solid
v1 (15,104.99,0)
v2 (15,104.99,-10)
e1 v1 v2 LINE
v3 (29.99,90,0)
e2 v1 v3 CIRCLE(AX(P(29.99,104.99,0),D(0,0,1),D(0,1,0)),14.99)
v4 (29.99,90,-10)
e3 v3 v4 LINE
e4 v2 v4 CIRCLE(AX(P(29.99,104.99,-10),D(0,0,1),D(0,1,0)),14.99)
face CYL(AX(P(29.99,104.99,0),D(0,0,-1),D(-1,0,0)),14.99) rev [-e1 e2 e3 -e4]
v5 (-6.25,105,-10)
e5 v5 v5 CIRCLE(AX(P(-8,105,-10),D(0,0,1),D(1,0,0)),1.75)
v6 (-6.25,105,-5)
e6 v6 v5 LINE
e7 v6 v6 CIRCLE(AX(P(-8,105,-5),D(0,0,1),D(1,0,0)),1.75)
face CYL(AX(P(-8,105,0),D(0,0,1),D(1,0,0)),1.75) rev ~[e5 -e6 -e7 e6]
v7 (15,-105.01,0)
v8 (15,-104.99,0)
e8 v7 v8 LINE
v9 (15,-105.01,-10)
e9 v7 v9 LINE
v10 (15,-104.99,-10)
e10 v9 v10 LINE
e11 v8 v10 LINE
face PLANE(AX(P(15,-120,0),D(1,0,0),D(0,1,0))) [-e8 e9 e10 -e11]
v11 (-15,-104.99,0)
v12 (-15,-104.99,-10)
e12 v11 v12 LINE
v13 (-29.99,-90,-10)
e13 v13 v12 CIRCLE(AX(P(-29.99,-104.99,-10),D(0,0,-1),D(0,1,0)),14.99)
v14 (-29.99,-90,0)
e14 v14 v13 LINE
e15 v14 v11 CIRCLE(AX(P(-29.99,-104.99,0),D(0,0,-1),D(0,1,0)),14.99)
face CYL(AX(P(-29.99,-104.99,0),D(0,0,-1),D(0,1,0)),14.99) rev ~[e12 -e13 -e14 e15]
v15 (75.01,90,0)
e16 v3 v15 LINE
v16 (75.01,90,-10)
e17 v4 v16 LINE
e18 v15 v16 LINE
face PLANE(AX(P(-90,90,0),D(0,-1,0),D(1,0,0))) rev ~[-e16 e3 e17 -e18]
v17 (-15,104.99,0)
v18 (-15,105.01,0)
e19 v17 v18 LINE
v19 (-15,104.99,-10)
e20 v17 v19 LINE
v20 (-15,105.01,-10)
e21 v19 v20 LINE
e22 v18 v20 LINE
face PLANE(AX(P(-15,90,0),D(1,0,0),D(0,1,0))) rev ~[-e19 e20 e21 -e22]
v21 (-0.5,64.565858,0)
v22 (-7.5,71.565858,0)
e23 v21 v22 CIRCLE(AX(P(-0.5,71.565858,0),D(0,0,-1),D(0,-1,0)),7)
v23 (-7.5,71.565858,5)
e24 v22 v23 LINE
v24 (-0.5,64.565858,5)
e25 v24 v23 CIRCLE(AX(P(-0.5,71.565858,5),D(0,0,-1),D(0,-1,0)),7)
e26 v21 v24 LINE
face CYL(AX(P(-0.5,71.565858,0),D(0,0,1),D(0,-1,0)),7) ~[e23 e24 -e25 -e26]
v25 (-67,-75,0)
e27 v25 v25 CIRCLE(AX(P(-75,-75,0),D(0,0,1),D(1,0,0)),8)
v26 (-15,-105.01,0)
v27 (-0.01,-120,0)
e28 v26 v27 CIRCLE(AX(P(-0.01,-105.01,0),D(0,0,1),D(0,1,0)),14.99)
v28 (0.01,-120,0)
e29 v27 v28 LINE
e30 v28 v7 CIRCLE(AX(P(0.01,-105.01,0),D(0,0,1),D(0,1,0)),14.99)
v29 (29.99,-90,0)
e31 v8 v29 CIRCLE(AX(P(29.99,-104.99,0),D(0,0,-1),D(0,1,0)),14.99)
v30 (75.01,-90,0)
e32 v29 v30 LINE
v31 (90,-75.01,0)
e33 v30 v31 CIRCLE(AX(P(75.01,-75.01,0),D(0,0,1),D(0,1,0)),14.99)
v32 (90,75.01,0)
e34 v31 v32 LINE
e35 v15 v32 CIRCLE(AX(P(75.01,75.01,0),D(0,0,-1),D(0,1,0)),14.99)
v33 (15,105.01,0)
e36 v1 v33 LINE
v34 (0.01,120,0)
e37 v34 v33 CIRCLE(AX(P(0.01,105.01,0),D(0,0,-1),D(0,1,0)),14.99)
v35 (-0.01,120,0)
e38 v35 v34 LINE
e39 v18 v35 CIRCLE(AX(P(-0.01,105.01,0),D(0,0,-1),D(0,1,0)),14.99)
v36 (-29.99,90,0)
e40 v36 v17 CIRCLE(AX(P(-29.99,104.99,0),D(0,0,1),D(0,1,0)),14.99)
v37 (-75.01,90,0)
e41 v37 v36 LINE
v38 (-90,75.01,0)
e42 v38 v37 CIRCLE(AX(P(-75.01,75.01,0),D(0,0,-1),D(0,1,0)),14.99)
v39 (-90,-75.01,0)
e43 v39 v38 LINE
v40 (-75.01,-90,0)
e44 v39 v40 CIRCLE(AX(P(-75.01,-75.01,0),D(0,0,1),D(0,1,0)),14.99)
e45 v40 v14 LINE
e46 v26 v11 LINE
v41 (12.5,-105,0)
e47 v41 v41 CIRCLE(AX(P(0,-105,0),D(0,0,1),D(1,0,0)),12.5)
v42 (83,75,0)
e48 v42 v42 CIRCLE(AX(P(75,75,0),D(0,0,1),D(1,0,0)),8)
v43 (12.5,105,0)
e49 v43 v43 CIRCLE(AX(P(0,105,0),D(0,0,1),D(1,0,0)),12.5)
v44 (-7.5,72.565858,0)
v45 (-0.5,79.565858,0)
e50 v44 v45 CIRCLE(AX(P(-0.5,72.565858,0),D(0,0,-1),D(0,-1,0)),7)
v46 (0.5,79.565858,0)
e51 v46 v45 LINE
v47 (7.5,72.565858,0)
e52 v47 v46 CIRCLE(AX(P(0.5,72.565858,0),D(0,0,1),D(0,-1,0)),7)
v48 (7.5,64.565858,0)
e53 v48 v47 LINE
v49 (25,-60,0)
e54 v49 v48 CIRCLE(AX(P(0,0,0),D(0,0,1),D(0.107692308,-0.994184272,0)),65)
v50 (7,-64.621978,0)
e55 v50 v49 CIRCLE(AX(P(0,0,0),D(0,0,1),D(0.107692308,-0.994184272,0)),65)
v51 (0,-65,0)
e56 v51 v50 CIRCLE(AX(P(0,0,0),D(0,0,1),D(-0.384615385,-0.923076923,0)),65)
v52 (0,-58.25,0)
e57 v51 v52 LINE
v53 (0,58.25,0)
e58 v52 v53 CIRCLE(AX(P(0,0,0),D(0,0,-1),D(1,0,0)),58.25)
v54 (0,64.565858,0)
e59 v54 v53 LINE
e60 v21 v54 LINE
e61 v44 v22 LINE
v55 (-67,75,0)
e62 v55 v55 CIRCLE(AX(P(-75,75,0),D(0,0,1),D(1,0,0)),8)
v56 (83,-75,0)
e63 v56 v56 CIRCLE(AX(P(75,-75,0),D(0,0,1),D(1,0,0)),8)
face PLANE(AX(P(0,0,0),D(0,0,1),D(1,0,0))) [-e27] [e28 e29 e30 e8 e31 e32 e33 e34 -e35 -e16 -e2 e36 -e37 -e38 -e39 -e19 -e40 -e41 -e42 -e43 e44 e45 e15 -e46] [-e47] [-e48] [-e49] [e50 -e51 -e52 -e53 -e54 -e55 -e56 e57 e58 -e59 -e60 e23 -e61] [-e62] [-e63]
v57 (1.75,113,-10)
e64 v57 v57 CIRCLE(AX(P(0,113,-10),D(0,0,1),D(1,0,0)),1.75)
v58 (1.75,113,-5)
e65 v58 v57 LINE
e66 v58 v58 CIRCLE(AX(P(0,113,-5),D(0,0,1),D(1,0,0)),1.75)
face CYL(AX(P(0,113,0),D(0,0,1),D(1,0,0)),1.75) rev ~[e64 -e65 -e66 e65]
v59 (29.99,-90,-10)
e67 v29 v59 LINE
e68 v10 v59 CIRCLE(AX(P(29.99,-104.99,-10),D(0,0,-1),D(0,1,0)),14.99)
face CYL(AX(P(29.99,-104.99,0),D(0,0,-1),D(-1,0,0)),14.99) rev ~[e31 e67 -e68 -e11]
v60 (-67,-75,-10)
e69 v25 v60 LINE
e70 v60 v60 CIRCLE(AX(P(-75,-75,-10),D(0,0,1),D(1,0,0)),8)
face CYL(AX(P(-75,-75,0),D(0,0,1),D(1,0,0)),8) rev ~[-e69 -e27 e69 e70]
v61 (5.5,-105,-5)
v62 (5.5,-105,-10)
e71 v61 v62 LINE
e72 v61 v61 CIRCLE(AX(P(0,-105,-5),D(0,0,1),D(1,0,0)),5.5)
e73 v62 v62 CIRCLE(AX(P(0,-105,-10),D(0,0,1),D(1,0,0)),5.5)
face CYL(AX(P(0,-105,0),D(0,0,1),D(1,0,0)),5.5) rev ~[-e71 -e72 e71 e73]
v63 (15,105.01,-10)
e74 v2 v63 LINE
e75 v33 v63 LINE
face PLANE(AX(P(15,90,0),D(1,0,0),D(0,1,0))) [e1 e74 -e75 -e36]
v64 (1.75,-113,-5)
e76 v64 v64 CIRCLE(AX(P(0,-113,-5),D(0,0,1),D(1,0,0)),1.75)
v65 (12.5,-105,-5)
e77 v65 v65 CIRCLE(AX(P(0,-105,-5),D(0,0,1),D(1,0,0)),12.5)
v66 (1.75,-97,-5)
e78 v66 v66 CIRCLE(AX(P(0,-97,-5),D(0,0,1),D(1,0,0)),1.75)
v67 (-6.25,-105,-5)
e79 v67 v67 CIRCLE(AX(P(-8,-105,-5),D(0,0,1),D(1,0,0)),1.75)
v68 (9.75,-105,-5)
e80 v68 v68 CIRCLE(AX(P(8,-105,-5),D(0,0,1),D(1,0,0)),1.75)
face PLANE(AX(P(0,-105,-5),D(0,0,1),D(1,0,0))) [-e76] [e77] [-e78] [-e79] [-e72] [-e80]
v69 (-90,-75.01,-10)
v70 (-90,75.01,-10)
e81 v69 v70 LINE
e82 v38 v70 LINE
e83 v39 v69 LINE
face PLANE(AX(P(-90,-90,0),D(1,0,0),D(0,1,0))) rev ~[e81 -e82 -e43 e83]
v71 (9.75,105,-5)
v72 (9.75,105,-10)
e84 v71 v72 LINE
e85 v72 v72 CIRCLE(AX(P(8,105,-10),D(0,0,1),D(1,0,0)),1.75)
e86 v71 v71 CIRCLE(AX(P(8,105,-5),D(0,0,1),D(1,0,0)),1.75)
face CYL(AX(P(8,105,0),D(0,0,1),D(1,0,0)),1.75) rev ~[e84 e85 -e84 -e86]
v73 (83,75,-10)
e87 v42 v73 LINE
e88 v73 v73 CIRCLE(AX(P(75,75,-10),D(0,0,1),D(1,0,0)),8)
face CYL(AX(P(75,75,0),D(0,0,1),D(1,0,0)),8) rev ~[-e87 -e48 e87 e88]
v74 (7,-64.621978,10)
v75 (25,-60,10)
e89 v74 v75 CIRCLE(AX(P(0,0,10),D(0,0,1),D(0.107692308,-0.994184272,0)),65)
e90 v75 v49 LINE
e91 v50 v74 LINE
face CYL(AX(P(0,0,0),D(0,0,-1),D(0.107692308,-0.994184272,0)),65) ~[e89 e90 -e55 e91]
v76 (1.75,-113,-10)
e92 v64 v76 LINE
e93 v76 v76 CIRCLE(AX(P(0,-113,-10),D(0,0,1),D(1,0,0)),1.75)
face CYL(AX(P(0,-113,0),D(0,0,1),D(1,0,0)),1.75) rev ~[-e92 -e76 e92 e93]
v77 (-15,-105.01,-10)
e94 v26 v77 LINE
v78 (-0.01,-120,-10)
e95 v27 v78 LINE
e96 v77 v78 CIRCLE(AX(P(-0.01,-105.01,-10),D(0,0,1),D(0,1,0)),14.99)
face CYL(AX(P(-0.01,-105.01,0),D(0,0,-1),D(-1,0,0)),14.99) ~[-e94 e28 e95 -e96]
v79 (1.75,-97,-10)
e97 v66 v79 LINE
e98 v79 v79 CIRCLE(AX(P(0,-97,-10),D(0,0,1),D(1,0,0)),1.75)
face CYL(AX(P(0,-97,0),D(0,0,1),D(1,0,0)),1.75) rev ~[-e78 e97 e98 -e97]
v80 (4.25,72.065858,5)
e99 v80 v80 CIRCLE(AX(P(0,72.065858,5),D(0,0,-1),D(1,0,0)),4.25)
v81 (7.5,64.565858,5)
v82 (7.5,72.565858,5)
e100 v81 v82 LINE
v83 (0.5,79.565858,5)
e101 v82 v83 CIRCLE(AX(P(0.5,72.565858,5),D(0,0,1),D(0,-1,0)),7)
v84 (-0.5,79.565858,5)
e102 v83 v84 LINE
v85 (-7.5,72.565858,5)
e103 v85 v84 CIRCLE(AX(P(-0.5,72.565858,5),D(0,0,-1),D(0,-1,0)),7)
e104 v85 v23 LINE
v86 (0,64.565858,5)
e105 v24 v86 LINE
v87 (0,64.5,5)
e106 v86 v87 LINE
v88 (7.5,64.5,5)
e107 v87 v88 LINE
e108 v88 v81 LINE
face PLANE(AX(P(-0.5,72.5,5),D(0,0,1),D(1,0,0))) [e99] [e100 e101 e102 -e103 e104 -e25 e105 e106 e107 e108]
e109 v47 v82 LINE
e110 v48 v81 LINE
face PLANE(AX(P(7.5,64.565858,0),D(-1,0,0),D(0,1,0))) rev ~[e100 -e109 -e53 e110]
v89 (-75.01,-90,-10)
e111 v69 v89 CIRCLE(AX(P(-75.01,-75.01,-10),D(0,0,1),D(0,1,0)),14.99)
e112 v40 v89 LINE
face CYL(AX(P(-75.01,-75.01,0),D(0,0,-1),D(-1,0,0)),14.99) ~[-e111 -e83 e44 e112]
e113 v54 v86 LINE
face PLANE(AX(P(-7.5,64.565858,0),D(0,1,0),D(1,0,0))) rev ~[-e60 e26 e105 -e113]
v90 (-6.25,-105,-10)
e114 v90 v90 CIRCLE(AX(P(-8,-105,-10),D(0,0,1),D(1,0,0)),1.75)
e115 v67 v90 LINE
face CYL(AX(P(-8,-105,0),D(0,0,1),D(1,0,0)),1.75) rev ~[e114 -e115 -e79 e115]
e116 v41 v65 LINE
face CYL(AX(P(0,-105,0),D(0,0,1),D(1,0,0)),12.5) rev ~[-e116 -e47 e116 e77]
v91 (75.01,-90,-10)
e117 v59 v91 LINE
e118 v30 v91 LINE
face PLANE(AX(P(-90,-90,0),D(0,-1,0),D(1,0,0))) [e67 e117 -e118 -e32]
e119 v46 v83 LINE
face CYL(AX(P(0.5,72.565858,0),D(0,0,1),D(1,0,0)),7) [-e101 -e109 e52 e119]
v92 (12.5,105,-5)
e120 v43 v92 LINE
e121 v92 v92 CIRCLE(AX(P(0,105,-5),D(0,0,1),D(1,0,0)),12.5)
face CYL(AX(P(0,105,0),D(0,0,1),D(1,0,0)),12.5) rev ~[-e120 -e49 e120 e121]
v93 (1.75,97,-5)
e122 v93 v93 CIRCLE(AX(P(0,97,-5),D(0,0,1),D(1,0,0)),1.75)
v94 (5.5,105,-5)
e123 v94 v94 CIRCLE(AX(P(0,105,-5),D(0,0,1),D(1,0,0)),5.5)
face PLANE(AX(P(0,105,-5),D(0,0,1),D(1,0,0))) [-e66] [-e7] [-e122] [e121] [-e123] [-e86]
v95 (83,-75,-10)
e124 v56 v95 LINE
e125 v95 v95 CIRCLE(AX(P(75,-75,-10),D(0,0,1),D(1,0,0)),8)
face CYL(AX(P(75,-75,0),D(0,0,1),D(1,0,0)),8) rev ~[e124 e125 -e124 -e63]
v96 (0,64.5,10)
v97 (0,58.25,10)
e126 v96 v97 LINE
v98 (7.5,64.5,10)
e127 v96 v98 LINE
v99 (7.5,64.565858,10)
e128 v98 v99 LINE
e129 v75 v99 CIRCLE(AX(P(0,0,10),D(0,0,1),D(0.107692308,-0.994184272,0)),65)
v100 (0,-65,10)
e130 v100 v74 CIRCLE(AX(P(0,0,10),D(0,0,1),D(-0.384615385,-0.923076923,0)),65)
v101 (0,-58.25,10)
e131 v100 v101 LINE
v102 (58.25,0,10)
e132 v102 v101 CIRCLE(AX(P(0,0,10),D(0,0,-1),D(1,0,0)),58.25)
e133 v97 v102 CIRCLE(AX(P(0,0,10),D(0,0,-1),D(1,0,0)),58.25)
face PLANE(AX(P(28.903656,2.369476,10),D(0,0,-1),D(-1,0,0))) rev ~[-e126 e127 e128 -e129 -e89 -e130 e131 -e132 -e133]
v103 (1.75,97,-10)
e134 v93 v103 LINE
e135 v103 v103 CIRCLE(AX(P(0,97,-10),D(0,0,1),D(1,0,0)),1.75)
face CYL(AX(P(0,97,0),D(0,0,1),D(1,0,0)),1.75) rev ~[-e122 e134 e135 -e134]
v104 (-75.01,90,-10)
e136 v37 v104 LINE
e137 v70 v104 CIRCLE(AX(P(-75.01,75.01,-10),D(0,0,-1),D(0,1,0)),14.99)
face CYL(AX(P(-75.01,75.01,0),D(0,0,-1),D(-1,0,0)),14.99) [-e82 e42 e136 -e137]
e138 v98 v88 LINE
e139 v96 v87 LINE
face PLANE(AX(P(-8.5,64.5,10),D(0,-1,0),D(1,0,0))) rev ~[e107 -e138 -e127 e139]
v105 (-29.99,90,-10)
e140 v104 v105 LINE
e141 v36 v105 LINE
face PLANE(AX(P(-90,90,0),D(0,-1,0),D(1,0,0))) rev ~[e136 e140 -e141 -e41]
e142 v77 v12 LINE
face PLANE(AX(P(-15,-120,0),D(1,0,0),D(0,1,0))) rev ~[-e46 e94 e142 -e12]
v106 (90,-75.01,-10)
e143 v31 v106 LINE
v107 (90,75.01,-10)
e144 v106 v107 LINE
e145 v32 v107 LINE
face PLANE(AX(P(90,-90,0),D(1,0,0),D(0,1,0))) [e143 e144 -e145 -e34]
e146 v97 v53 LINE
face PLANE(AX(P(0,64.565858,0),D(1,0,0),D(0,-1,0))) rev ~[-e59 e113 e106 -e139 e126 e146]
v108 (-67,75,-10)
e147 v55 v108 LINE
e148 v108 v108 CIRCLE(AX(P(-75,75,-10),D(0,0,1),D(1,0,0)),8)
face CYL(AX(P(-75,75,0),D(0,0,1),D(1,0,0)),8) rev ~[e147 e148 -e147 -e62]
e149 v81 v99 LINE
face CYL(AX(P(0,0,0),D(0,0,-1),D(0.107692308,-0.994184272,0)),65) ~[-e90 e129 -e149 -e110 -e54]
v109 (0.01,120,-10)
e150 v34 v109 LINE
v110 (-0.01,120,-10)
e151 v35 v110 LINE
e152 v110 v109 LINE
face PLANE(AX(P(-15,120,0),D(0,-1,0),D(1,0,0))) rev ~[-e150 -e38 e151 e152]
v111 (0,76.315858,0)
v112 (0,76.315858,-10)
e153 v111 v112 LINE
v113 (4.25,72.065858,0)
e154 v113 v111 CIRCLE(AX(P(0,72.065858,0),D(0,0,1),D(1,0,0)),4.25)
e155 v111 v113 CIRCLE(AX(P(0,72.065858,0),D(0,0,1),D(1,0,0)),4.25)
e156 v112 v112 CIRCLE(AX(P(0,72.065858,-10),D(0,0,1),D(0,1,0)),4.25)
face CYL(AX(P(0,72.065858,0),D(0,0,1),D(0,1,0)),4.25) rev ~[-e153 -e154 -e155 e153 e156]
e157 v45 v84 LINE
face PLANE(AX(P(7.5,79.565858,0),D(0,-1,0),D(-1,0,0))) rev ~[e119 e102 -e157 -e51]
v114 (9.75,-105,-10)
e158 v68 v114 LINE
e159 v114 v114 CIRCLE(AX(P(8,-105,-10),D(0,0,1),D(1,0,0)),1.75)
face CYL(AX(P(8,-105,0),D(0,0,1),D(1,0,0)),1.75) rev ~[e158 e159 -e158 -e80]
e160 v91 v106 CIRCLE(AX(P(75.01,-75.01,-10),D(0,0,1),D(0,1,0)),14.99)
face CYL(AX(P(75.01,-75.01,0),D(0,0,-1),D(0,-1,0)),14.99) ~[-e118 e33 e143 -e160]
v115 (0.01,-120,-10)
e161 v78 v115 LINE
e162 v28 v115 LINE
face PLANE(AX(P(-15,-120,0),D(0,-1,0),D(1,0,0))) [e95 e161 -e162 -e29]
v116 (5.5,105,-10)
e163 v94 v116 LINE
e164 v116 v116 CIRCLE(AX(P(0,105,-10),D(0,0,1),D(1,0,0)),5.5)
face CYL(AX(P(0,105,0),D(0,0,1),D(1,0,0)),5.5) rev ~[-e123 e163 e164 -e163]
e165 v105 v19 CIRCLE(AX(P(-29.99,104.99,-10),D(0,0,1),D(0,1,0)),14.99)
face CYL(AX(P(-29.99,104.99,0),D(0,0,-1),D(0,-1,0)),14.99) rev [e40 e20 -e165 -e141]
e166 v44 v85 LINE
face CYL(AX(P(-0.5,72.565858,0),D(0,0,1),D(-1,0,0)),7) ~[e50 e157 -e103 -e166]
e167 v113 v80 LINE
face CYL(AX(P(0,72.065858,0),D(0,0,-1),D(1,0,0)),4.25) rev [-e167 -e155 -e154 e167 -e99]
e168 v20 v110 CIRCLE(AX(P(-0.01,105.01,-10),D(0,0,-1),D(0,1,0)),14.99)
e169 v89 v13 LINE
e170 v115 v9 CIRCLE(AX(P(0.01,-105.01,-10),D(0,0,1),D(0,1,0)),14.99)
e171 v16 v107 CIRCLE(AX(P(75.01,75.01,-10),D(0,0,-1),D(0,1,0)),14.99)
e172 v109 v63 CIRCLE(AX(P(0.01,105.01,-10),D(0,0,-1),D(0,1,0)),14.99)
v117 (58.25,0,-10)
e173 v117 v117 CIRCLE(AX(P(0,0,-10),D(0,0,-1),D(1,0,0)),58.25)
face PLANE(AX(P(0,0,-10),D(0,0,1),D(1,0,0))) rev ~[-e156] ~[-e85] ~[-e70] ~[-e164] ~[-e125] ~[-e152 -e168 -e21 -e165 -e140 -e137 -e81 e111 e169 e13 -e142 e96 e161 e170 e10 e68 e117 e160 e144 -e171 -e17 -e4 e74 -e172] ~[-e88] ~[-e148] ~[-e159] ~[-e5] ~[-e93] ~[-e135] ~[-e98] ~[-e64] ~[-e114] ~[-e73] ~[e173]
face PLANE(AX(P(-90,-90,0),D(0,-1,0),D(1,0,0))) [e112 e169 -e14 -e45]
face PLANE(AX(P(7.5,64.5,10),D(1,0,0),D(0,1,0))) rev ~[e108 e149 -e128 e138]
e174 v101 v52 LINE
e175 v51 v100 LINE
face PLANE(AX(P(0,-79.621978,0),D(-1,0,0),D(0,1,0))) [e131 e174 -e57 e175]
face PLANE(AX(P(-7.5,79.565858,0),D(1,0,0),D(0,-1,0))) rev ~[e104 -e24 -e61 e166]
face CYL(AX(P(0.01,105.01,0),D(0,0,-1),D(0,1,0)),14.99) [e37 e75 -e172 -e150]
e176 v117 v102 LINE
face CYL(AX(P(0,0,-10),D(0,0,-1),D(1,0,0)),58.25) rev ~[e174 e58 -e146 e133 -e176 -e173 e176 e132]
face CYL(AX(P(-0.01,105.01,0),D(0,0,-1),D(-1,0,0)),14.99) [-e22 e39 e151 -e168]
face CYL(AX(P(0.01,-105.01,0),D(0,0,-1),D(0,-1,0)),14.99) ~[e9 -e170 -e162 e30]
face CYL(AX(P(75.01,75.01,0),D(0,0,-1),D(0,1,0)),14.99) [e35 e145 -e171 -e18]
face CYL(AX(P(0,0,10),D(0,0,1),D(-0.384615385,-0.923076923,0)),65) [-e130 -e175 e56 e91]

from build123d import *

# Parameters (mm, degrees)
SKETCH_R           = 4.25
PAD_DEPTH          = 10
SKETCH001_W        = 16
SKETCH001_H        = 16
POCKET_DEPTH       = 5
FILLET_R           = 7
SKETCH002_W        = 180
SKETCH002_H        = 180
SKETCH002_R        = 57.5
SKETCH002_R_2      = 8
PAD001_DEPTH       = 10
SKETCH003_R        = 58.25
POCKET001_DEPTH    = 20.0010001
SKETCH004_W        = 30
SKETCH004_H        = 30
SKETCH004_R        = 5.5
SKETCH004_R_2      = 1.75
PAD002_DEPTH       = 10
SKETCH005_R        = 12.5
POCKET002_DEPTH    = 5
FILLET001_R        = 14.99
FILLET001_FACE62_R = 4.25
POCKET003_DEPTH    = 10.001
POCKET004_DEPTH    = 10
FILLET002_R        = 7


with BuildPart() as part:
    # Sketch → Pad (new body)
    with BuildSketch(Plane.XY):
        with BuildLine():
            ThreePointArc((0, -57.5), (57.5, 0), (0, 57.5))
            Line((0, 64.5658578507), (0, 57.5))
            Line((-7.5, 64.5658578507), (0, 64.5658578507))
            Line((-7.5, 79.5658578507), (-7.5, 64.5658578507))
            Line((7.5, 79.5658578507), (-7.5, 79.5658578507))
            Line((7.5, 64.5658578507), (7.5, 79.5658578507))
            ThreePointArc((7, -64.6219776856), (64.9995131723, -0.2515697895), (7.5, 64.5658578507))
            Line((7, -64.6219776856), (7, -79.6219776856))
            Line((7, -79.6219776856), (0, -79.6219776856))
            Line((0, -79.6219776856), (0, -57.5))
        make_face()
        with Locations((0, 72.0658578507)):
            Circle(SKETCH_R, mode=Mode.SUBTRACT)
    extrude(amount=PAD_DEPTH)

    # Sketch001 (on Face13 of Pad) → Pocket (cut)
    with BuildSketch(Plane.XY.offset(10)):
        with Locations((-0.5, 72.5)):
            Rectangle(SKETCH001_W, SKETCH001_H)
    extrude(amount=-POCKET_DEPTH, mode=Mode.SUBTRACT)

    # Fillet
    fillet_edges = [part.edges().sort_by_distance(p)[0] for p in [
        (-7.5, 64.565858, 2.5),
        (-7.5, 79.565858, 2.5),
    ]]
    fillet(fillet_edges, radius=FILLET_R)

    # Sketch002 → Pad001 (join)
    with BuildSketch(Plane.XY):
        Rectangle(SKETCH002_W, SKETCH002_H)
        Circle(SKETCH002_R, mode=Mode.SUBTRACT)
        with Locations((75, -75)):
            Circle(SKETCH002_R_2, mode=Mode.SUBTRACT)
        with Locations((75, 75)):
            Circle(SKETCH002_R_2, mode=Mode.SUBTRACT)
        with Locations((-75, 75)):
            Circle(SKETCH002_R_2, mode=Mode.SUBTRACT)
        with Locations((-75, -75)):
            Circle(SKETCH002_R_2, mode=Mode.SUBTRACT)
    extrude(amount=-PAD001_DEPTH)

    # Sketch003 (on Face26 of Pad001) → Pocket001 (cut, through all)
    with BuildSketch(Plane(origin=(0, 0, -10), x_dir=(1, 0, 0), z_dir=(0, 0, -1))):
        Circle(SKETCH003_R)
    extrude(amount=-POCKET001_DEPTH, mode=Mode.SUBTRACT)

    # Sketch004 (on Face2 of Pocket001) → Pad002 (join)
    with BuildSketch(Plane.XY):
        with Locations((0, 105)):
            Rectangle(SKETCH004_W, SKETCH004_H)
        with Locations((0, 105)):
            Circle(SKETCH004_R, mode=Mode.SUBTRACT)
        with Locations((8, 105)):
            Circle(SKETCH004_R_2, mode=Mode.SUBTRACT)
        with Locations((0, 113)):
            Circle(SKETCH004_R_2, mode=Mode.SUBTRACT)
        with Locations((-8, 105)):
            Circle(SKETCH004_R_2, mode=Mode.SUBTRACT)
        with Locations((0, 97)):
            Circle(SKETCH004_R_2, mode=Mode.SUBTRACT)
        with Locations((0, -105)):
            Rectangle(SKETCH004_W, SKETCH004_H)
        with Locations((0, -105)):
            Circle(SKETCH004_R, mode=Mode.SUBTRACT)
        with Locations((8, -105)):
            Circle(SKETCH004_R_2, mode=Mode.SUBTRACT)
        with Locations((0, -97)):
            Circle(SKETCH004_R_2, mode=Mode.SUBTRACT)
        with Locations((-8, -105)):
            Circle(SKETCH004_R_2, mode=Mode.SUBTRACT)
        with Locations((0, -113)):
            Circle(SKETCH004_R_2, mode=Mode.SUBTRACT)
    extrude(amount=-PAD002_DEPTH)

    # Sketch005 (on Face13 of Pad002) → Pocket002 (cut)
    with BuildSketch(Plane.XY):
        with Locations((0, 105)):
            Circle(SKETCH005_R)
        with Locations((0, -105)):
            Circle(SKETCH005_R)
    extrude(amount=-POCKET002_DEPTH, mode=Mode.SUBTRACT)

    # Fillet001
    fillet001_edges = [part.edges().sort_by_distance(p)[0] for p in [
        (15, -120, -5),
        (-15, -120, -5),
        (15, -90, -5),
        (-15, -90, -5),
        (15, 120, -5),
        (-15, 120, -5),
        (15, 90, -5),
        (-15, 90, -5),
        (90, 90, -5),
        (90, -90, -5),
        (-90, -90, -5),
        (-90, 90, -5),
    ]]
    fillet(fillet001_edges, radius=FILLET001_R)

    # Fillet001 Face62 → Pocket003 (cut, through all)
    with BuildSketch(Plane(origin=(0, 72.0658578507, 0), x_dir=(0, 1, 0), z_dir=(0, 0, 1))):
        Circle(FILLET001_FACE62_R)
    extrude(amount=-POCKET003_DEPTH, mode=Mode.SUBTRACT)

    # Sketch006 (on Face56 of Pocket003) → Pocket004 (cut)
    with BuildSketch(Plane.XY.offset(10)):
        with BuildLine():
            ThreePointArc((-25, -60), (0, -65), (25, -60))
            Line((25, -60), (25, -79.1454357496))
            ThreePointArc((-25, -79.1454357496), (0, -83), (25, -79.1454357496))
            Line((-25, -60), (-25, -79.1454357496))
        make_face()
    extrude(amount=-POCKET004_DEPTH, mode=Mode.SUBTRACT)

    # Fillet002
    fillet002_edges = [part.edges().sort_by_distance(p)[0] for p in [
        (7.5, 79.565858, 2.5),
    ]]
    fillet(fillet002_edges, radius=FILLET002_R)


solid = part.part
